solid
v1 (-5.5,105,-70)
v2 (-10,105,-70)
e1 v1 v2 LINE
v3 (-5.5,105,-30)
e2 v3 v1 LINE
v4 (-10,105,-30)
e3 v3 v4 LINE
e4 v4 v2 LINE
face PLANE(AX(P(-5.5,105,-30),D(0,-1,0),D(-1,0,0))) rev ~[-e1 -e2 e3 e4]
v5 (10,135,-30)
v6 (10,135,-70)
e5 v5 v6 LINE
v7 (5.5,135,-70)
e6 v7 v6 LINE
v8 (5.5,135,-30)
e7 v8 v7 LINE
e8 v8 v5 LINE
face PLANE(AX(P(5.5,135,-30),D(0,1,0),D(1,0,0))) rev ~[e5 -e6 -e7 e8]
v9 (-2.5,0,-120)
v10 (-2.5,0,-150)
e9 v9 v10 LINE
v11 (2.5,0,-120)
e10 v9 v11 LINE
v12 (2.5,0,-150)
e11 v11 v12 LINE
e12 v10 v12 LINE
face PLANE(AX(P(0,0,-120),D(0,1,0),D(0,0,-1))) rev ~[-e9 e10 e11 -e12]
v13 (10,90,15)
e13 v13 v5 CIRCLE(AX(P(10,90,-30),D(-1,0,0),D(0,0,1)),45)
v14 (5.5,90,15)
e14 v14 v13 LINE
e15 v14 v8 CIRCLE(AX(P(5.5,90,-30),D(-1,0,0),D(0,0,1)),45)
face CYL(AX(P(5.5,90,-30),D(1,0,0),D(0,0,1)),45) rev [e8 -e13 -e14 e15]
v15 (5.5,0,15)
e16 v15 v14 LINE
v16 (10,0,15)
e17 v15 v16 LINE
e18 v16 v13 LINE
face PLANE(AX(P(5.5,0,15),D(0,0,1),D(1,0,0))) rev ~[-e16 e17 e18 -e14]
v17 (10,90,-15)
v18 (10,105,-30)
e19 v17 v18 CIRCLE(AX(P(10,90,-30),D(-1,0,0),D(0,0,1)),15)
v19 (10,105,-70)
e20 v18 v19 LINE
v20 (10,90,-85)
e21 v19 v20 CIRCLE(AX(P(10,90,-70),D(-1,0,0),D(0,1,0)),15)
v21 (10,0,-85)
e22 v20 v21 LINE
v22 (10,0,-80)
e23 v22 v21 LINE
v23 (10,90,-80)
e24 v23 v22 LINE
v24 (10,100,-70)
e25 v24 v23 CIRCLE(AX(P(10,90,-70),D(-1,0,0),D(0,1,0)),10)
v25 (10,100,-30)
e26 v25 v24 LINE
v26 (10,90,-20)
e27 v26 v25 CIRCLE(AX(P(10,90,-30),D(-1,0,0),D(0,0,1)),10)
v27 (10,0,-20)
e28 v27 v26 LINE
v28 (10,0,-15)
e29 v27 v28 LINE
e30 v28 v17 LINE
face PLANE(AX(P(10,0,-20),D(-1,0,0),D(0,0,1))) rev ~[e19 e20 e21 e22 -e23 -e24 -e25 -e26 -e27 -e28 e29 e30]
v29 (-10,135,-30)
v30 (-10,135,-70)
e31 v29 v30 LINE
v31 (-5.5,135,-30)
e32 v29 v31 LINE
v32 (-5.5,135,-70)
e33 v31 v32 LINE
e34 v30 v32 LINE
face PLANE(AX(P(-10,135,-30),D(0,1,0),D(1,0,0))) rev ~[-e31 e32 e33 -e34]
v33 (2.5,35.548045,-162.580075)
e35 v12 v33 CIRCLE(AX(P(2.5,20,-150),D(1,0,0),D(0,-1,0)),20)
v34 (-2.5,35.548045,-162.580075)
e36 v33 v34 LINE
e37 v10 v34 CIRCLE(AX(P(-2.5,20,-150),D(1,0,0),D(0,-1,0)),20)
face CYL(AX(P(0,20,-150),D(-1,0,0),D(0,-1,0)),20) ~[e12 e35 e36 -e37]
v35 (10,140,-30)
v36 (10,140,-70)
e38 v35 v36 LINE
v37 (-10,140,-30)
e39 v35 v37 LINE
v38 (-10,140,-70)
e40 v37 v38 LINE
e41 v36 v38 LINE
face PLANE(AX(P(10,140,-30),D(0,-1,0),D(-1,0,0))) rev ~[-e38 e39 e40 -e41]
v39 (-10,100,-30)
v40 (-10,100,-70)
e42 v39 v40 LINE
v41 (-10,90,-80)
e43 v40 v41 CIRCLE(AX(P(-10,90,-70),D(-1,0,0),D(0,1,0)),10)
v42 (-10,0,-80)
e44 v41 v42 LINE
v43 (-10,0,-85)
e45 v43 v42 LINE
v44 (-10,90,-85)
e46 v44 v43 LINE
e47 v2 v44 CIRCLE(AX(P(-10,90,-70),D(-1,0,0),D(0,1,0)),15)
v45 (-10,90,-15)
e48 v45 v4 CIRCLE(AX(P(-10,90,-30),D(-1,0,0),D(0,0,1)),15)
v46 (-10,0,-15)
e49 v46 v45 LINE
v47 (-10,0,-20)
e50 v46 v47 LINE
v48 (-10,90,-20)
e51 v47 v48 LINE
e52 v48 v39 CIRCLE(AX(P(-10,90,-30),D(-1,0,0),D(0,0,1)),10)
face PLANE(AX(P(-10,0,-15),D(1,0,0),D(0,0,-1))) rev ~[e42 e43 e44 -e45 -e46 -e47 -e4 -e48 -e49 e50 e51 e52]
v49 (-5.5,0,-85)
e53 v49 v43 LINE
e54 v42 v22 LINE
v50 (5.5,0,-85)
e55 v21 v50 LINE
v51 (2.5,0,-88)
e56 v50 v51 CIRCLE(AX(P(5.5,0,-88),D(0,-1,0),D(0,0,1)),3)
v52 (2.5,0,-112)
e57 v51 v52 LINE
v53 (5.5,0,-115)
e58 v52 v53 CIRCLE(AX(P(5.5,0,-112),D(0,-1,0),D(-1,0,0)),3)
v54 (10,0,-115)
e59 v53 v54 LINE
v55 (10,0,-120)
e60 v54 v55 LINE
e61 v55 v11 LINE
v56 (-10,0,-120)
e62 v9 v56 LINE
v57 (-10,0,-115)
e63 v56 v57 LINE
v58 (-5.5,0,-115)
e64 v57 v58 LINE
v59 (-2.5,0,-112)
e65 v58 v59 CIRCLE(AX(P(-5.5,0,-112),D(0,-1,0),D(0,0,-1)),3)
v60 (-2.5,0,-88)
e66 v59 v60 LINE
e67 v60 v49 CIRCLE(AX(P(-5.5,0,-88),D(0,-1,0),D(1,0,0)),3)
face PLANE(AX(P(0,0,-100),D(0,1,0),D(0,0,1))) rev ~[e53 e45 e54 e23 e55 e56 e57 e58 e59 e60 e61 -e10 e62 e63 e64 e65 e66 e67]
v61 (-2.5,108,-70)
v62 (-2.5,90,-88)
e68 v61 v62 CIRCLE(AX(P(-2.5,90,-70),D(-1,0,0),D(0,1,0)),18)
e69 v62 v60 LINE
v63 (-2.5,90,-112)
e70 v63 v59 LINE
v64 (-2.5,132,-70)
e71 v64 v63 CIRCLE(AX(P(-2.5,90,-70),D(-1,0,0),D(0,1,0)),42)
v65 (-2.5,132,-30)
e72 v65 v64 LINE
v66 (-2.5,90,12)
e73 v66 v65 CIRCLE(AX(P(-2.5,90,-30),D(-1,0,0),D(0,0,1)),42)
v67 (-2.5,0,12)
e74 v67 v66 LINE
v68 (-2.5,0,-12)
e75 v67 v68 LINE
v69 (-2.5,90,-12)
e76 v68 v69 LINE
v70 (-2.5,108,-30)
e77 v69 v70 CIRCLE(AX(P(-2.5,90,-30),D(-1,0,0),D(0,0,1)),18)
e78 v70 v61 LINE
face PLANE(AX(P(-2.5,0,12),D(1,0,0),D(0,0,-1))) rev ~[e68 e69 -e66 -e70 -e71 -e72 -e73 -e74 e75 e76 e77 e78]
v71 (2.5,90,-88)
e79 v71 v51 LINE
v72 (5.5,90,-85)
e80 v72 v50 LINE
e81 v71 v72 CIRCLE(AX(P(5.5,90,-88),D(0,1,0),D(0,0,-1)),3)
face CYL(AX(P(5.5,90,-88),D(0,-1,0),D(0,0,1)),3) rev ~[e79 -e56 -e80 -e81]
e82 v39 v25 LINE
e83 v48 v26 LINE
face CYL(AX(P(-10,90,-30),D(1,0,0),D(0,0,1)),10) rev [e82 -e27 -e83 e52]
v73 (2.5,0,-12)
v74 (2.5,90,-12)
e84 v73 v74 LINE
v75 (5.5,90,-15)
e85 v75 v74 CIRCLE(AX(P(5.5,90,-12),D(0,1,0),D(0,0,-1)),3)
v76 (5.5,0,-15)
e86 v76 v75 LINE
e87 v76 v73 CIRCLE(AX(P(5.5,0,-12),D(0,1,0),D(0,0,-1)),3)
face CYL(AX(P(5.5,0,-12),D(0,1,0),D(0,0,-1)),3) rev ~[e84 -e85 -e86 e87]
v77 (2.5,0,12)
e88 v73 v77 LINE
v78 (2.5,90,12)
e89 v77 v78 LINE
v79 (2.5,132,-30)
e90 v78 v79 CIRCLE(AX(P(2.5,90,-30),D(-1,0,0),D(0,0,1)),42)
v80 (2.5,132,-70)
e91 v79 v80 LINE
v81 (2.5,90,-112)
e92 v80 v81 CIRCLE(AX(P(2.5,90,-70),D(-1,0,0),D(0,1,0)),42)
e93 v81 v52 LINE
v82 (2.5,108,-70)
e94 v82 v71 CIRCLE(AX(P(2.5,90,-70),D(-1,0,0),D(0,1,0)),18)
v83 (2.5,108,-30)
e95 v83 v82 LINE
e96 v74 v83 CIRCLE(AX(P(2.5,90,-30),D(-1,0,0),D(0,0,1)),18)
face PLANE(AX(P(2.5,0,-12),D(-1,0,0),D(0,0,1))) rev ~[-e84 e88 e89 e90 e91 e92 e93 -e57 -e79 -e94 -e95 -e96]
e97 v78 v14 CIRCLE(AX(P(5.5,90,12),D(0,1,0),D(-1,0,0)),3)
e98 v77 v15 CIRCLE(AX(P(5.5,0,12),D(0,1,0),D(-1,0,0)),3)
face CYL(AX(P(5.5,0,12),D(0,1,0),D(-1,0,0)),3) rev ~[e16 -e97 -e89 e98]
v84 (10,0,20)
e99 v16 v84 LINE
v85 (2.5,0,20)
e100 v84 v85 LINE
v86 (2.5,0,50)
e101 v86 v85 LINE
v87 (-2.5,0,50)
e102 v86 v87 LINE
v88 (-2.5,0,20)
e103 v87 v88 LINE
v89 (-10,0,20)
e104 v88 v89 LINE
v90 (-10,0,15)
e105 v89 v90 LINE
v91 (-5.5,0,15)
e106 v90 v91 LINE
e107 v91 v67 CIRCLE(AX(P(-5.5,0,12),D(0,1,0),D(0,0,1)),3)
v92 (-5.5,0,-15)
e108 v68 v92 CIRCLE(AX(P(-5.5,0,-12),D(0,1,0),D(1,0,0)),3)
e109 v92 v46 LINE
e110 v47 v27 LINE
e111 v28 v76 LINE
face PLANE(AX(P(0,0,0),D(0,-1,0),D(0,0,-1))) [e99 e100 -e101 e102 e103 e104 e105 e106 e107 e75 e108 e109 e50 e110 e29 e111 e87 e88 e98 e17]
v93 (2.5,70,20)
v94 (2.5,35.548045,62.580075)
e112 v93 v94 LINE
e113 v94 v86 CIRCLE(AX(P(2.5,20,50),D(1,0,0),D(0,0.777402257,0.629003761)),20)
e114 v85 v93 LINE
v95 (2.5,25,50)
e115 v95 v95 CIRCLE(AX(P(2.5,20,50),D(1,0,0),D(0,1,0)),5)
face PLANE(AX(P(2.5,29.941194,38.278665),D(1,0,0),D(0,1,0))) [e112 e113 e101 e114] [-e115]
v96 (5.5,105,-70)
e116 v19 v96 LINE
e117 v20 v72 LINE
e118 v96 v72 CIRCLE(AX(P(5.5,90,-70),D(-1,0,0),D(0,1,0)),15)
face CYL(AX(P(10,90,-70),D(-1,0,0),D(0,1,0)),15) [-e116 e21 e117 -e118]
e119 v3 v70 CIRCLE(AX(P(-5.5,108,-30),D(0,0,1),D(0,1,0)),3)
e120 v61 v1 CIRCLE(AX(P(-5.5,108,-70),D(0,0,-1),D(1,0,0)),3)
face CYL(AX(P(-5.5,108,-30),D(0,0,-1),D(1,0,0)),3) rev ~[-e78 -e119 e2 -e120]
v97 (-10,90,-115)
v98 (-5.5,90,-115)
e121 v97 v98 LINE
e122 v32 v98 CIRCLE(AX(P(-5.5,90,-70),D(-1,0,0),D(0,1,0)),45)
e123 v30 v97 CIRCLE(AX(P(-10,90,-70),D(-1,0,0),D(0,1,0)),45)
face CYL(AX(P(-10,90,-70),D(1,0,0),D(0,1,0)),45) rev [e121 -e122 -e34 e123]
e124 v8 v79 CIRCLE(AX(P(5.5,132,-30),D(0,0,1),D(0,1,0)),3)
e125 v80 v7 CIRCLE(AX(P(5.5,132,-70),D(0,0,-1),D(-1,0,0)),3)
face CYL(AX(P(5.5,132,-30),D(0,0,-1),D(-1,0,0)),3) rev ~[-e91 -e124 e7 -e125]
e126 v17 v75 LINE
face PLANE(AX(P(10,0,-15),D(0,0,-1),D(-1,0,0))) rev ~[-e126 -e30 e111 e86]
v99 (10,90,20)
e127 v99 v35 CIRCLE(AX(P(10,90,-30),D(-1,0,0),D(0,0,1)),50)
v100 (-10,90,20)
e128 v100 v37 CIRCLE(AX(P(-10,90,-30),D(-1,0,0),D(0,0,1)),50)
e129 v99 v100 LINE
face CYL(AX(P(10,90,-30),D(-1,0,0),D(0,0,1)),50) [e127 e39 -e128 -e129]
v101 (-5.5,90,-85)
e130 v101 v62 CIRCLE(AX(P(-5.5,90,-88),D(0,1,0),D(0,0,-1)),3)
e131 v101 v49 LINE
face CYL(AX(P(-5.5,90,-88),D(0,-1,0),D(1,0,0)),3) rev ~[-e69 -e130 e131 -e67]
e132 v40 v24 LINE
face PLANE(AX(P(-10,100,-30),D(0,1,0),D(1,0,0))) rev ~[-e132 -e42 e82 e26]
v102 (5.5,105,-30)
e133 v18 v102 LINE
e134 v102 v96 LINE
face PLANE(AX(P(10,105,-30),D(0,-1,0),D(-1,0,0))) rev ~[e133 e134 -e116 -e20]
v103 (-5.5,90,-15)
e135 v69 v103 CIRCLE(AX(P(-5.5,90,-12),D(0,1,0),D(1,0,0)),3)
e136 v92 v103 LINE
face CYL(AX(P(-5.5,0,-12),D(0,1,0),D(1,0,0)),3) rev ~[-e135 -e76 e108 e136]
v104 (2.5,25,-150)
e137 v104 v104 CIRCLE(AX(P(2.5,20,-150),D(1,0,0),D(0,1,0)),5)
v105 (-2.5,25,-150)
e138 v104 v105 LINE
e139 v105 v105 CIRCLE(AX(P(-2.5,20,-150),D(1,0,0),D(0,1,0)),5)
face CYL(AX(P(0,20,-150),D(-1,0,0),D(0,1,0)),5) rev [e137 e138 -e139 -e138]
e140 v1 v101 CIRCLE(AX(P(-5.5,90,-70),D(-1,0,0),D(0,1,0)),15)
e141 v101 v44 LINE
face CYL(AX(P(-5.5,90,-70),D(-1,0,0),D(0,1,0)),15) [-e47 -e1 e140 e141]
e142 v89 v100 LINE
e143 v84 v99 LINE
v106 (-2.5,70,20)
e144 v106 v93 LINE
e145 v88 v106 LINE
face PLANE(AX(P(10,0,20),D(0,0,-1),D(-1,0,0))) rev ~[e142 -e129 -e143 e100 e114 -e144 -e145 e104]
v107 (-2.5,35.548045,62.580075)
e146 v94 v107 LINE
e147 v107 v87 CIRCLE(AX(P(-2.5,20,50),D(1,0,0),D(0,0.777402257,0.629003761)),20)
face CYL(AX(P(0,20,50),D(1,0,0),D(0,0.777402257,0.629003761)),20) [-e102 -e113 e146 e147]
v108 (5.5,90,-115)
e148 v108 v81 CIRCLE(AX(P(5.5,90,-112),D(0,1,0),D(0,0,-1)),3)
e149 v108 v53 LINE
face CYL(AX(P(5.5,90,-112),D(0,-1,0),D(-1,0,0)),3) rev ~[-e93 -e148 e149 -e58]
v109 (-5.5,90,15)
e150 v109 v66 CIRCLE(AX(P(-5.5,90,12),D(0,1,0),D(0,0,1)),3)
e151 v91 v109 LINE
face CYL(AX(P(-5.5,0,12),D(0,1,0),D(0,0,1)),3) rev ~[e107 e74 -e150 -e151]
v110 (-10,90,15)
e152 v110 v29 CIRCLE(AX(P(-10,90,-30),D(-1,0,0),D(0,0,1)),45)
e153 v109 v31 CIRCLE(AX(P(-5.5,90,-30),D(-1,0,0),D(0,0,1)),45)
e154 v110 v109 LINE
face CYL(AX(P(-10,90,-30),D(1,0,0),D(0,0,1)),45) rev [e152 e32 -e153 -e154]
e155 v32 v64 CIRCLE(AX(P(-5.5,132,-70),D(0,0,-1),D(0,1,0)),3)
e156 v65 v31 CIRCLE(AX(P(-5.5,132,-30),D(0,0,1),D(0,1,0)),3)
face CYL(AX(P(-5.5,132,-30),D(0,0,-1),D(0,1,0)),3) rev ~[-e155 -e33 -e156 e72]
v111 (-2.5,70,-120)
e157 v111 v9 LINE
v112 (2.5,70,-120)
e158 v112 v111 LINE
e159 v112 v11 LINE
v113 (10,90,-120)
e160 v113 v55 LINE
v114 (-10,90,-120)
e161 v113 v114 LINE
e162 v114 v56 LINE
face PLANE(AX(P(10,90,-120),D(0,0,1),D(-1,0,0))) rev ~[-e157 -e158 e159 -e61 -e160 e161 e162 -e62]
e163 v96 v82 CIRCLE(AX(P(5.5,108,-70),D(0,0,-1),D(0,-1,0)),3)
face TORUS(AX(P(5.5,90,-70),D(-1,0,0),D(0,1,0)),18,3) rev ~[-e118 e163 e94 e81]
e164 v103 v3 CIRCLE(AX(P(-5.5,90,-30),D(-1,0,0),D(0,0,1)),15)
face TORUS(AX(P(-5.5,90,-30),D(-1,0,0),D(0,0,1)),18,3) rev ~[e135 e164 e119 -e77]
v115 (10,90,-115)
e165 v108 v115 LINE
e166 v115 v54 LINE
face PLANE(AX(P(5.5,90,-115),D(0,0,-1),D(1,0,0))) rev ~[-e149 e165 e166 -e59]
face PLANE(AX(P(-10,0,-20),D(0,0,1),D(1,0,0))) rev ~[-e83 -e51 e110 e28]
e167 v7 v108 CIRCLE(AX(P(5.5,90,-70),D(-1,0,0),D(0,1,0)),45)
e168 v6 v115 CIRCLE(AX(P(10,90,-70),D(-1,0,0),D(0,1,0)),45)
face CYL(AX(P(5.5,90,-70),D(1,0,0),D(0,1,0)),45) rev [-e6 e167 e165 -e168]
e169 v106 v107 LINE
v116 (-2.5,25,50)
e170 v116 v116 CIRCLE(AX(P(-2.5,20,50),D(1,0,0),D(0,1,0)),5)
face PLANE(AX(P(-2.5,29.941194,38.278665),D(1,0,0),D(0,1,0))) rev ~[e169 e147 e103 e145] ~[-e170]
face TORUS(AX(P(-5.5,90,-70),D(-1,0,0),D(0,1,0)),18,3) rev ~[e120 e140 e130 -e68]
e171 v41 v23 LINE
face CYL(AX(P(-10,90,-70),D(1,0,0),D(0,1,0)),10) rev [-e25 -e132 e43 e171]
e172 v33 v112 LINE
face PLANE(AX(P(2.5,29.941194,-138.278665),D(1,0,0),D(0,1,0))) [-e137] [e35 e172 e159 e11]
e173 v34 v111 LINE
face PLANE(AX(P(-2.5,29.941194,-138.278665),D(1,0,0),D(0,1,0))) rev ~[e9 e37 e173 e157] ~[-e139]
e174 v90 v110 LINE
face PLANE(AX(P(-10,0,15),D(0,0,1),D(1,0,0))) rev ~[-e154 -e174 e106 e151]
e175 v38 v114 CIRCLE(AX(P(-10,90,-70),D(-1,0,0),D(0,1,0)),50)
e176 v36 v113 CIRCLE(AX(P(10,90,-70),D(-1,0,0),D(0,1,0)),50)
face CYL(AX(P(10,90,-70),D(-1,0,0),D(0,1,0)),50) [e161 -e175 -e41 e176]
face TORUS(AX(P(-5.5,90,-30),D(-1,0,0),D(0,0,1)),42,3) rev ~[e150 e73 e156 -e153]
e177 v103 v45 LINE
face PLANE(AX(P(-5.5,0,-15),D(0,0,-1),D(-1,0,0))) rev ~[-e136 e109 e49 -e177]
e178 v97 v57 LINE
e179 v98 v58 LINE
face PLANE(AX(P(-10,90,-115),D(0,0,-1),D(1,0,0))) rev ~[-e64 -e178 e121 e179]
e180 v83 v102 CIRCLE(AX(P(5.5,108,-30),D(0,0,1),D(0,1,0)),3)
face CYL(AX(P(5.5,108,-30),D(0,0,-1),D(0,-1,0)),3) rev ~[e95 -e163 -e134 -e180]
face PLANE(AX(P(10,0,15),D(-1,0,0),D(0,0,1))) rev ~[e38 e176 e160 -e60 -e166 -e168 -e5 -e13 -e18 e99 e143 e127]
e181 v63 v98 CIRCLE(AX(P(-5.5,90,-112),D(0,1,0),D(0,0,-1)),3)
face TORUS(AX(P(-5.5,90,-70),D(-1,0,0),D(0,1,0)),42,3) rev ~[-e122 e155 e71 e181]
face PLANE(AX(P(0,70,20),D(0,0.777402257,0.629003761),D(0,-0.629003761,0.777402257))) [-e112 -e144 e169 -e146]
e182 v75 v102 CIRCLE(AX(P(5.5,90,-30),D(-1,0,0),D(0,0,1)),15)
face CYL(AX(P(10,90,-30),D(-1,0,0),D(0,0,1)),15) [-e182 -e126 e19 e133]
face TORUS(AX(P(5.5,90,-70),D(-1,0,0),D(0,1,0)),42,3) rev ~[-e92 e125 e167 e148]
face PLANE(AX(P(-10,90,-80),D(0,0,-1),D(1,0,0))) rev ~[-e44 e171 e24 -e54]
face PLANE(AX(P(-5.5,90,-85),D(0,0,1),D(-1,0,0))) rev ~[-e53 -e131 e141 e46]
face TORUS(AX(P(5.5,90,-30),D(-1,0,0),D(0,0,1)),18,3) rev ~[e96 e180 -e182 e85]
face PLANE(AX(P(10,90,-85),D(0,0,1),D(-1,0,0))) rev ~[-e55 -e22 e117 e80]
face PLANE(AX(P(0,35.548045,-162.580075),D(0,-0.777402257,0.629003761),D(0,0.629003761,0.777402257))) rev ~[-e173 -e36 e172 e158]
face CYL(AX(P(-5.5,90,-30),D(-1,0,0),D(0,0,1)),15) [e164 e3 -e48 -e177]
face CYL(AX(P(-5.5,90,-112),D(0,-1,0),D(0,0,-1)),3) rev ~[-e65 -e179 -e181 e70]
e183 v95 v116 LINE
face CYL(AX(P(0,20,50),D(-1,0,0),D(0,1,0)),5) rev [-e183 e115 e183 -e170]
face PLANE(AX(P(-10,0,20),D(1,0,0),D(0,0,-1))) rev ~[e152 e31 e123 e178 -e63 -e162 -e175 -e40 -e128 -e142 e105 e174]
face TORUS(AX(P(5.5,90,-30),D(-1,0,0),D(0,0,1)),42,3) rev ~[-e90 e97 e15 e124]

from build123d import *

# Parameters (mm, degrees)
F3_R     = 5
F4_DEPTH = 2.5


with BuildPart() as f2:
    # F2: sweep along a path in F1
    with BuildLine(Plane.YZ) as f2_path:
        Line((0, -20), (90, -20))
        ThreePointArc((90, -20), (97.0710678119, -22.9289321881), (100, -30))
        Line((100, -30), (100, -70))
        ThreePointArc((100, -70), (97.0710678119, -77.0710678119), (90, -80))
        Line((90, -80), (0, -80))
    # F0 (on Front) → F2 (sweep)
    with BuildSketch(Plane.XZ):
        with BuildLine():
            Line((10, 20), (0, 20))
            Line((0, 20), (-10, 20))
            Line((-10, 20), (-10, 15))
            Line((-10, 15), (-5.5, 15))
            ThreePointArc((-5.5, 15), (-3.3786796564, 14.1213203436), (-2.5, 12))
            Line((-2.5, 12), (-2.5, 0))
            Line((-2.5, 0), (-2.5, -12))
            ThreePointArc((-2.5, -12), (-3.3786796564, -14.1213203436), (-5.5, -15))
            Line((-5.5, -15), (-10, -15))
            Line((-10, -15), (-10, -20))
            Line((-10, -20), (0, -20))
            Line((0, -20), (10, -20))
            Line((10, -20), (10, -15))
            Line((10, -15), (5.5, -15))
            ThreePointArc((5.5, -15), (3.3786796564, -14.1213203436), (2.5, -12))
            Line((2.5, -12), (2.5, 0))
            Line((2.5, 0), (2.5, 12))
            ThreePointArc((2.5, 12), (3.3786796564, 14.1213203436), (5.5, 15))
            Line((5.5, 15), (10, 15))
            Line((10, 15), (10, 20))
        make_face()
    sweep(path=f2_path.line)

    # F3 (on Right) → F4 (join, symmetric)
    with BuildSketch(Plane.YZ):
        with BuildLine():
            Line((70, -120), (0, -120))
            Line((0, -120), (0, -150))
            ThreePointArc((0, -150), (13.3277028936, -168.8541892248), (35.5480451324, -162.5800752207))
            Line((35.5480451324, -162.5800752207), (70, -120))
        make_face()
        with Locations((20, -150)):
            Circle(F3_R, mode=Mode.SUBTRACT)
        with BuildLine():
            Line((0, 50), (0, 20))
            Line((0, 20), (70, 20))
            Line((70, 20), (35.5480451324, 62.5800752207))
            ThreePointArc((35.5480451324, 62.5800752207), (13.3277028936, 68.8541892248), (0, 50))
        make_face()
        with Locations((20, 50)):
            Circle(F3_R, mode=Mode.SUBTRACT)
    extrude(amount=F4_DEPTH, both=True)


solid = f2.part
